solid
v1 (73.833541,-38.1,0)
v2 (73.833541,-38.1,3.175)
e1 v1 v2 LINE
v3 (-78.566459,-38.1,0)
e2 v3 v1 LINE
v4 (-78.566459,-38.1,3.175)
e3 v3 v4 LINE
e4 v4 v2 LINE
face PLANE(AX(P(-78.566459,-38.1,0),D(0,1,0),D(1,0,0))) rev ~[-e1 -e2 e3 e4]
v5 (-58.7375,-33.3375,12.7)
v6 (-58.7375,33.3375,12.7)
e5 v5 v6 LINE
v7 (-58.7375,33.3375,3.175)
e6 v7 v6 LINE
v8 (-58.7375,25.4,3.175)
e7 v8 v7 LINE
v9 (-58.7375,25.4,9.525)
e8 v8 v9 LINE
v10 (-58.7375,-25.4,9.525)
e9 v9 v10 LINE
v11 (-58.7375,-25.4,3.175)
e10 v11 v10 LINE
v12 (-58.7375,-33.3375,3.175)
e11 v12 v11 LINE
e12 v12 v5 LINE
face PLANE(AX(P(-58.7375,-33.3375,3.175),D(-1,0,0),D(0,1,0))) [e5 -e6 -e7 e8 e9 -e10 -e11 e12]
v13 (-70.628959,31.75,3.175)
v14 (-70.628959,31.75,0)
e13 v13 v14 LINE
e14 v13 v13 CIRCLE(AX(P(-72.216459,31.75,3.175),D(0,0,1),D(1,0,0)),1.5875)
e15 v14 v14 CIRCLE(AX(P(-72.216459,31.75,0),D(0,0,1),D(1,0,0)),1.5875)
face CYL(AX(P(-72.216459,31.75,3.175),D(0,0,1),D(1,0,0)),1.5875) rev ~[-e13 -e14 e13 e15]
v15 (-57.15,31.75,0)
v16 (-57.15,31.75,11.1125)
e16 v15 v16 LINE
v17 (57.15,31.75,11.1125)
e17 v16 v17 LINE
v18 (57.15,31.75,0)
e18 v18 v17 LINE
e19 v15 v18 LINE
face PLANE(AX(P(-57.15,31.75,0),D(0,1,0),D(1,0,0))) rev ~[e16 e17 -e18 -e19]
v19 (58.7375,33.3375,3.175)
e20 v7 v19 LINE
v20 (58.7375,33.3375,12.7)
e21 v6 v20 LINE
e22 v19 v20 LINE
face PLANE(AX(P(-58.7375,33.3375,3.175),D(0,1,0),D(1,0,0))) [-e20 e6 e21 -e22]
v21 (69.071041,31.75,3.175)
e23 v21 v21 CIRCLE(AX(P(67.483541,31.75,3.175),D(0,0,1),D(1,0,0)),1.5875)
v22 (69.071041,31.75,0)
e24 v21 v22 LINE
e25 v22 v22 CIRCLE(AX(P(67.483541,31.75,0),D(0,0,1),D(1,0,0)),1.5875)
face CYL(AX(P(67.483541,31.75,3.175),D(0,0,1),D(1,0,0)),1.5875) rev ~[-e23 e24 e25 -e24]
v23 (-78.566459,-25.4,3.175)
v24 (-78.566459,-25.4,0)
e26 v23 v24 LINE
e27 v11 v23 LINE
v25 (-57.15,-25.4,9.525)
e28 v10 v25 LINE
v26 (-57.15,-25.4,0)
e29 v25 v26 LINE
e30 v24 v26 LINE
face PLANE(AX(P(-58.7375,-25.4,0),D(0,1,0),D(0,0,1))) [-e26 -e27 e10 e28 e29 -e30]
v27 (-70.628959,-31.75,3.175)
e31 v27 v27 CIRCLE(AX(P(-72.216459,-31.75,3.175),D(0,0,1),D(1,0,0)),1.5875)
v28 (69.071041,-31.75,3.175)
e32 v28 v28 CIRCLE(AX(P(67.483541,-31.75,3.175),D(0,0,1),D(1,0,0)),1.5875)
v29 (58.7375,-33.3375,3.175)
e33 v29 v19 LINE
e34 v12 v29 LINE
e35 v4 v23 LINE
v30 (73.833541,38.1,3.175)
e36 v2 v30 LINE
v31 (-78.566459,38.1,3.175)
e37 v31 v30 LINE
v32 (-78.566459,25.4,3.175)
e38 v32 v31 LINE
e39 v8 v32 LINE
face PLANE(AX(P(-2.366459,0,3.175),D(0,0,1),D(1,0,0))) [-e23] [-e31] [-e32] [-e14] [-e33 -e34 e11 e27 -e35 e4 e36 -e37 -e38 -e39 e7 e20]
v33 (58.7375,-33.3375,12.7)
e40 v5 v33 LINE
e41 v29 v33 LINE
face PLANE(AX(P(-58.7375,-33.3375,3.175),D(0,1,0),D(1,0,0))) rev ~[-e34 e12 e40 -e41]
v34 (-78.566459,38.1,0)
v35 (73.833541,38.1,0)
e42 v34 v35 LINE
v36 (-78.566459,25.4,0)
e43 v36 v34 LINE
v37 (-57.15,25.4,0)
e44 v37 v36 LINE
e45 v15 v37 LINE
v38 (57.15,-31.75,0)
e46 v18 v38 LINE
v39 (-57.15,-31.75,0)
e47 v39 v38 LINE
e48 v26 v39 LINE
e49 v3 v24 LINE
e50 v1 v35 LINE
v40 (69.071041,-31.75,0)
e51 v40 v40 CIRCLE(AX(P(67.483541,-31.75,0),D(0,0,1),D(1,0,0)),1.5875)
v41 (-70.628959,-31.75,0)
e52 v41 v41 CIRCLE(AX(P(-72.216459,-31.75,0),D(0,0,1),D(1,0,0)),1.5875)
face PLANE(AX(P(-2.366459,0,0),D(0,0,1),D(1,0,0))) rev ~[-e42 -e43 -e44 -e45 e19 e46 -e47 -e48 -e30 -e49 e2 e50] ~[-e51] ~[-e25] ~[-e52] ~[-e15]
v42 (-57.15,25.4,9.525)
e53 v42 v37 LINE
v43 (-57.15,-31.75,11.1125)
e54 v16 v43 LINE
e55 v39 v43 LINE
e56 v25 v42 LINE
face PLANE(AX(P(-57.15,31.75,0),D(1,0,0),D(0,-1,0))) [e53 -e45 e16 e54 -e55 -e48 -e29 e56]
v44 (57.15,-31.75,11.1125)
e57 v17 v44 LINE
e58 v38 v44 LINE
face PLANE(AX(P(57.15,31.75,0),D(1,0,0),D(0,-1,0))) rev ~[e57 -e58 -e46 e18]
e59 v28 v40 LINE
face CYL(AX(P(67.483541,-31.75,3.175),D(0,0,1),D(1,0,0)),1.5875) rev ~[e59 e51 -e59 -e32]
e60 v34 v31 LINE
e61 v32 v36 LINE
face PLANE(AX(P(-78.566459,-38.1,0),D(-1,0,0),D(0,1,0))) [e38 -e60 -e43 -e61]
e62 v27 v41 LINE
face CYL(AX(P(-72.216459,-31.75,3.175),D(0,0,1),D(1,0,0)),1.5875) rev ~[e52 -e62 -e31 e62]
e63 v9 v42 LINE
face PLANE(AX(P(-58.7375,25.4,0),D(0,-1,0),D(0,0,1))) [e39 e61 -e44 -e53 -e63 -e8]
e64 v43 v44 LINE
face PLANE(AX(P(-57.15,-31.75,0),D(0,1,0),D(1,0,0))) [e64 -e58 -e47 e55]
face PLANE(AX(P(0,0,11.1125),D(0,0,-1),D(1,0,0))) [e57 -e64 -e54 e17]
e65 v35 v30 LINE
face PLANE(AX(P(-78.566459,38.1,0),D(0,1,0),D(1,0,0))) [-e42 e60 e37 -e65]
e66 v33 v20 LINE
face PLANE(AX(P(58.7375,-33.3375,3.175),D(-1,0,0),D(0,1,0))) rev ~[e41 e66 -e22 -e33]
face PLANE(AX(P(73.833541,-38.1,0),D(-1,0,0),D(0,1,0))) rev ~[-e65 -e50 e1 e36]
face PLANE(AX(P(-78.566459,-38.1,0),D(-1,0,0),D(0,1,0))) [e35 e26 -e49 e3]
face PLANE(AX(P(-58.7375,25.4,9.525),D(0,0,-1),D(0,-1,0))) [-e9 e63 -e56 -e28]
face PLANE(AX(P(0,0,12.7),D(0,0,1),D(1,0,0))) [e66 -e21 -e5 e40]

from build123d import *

# Parameters (mm, degrees)
F0_W          = 152.4
F0_H          = 76.2
F1_DEPTH      = 3.175
F2_W          = 117.475
F2_H          = 66.675
F3_DEPTH      = 9.525
F4_W          = 114.3
F4_H          = 63.5
F5_DEPTH      = 11.1125
F6_W          = 50.8
F6_H          = 9.525
F7_DEPTH      = 25.4
F7_DEPTH_BACK = 25.4
F8_R          = 1.5875
F9_DEPTH      = 25.4


with BuildPart() as f1:
    # F0 (on Top) → F1 (new body)
    with BuildSketch(Plane.XY):
        with Locations((-2.3664589537, 0)):
            Rectangle(F0_W, F0_H)
    extrude(amount=F1_DEPTH)

    # F2 (on face) → F3 (join)
    with BuildSketch(Plane.XY.offset(3.175)):
        Rectangle(F2_W, F2_H)
    extrude(amount=F3_DEPTH)

    # F4 (on face) → F5 (cut)
    with BuildSketch(Plane(origin=(0, 0, 0), x_dir=(1, 0, 0), z_dir=(0, 0, -1))):
        Rectangle(F4_W, F4_H)
    extrude(amount=-F5_DEPTH, mode=Mode.SUBTRACT)

    # F6 (on face) → F7 (cut, two sides)
    with BuildSketch(Plane(origin=(-58.7375, 0, 0), x_dir=(0, -1, 0), z_dir=(-1, 0, 0))) as f7_sk:
        with Locations((0, 4.7625)):
            Rectangle(F6_W, F6_H)
    extrude(amount=-F7_DEPTH, mode=Mode.SUBTRACT)
    extrude(f7_sk.sketch, amount=F7_DEPTH_BACK, mode=Mode.SUBTRACT)

    # F8 (on face) → F9 (cut)
    with BuildSketch(Plane.XY.offset(3.175)):
        with Locations((-72.2164589537, 31.75)):
            Circle(F8_R)
        with Locations((-72.2164589537, -31.75)):
            Circle(F8_R)
        with Locations((67.4835410463, 31.75)):
            Circle(F8_R)
        with Locations((67.4835410463, -31.75)):
            Circle(F8_R)
    extrude(amount=-F9_DEPTH, mode=Mode.SUBTRACT)


solid = f1.part
